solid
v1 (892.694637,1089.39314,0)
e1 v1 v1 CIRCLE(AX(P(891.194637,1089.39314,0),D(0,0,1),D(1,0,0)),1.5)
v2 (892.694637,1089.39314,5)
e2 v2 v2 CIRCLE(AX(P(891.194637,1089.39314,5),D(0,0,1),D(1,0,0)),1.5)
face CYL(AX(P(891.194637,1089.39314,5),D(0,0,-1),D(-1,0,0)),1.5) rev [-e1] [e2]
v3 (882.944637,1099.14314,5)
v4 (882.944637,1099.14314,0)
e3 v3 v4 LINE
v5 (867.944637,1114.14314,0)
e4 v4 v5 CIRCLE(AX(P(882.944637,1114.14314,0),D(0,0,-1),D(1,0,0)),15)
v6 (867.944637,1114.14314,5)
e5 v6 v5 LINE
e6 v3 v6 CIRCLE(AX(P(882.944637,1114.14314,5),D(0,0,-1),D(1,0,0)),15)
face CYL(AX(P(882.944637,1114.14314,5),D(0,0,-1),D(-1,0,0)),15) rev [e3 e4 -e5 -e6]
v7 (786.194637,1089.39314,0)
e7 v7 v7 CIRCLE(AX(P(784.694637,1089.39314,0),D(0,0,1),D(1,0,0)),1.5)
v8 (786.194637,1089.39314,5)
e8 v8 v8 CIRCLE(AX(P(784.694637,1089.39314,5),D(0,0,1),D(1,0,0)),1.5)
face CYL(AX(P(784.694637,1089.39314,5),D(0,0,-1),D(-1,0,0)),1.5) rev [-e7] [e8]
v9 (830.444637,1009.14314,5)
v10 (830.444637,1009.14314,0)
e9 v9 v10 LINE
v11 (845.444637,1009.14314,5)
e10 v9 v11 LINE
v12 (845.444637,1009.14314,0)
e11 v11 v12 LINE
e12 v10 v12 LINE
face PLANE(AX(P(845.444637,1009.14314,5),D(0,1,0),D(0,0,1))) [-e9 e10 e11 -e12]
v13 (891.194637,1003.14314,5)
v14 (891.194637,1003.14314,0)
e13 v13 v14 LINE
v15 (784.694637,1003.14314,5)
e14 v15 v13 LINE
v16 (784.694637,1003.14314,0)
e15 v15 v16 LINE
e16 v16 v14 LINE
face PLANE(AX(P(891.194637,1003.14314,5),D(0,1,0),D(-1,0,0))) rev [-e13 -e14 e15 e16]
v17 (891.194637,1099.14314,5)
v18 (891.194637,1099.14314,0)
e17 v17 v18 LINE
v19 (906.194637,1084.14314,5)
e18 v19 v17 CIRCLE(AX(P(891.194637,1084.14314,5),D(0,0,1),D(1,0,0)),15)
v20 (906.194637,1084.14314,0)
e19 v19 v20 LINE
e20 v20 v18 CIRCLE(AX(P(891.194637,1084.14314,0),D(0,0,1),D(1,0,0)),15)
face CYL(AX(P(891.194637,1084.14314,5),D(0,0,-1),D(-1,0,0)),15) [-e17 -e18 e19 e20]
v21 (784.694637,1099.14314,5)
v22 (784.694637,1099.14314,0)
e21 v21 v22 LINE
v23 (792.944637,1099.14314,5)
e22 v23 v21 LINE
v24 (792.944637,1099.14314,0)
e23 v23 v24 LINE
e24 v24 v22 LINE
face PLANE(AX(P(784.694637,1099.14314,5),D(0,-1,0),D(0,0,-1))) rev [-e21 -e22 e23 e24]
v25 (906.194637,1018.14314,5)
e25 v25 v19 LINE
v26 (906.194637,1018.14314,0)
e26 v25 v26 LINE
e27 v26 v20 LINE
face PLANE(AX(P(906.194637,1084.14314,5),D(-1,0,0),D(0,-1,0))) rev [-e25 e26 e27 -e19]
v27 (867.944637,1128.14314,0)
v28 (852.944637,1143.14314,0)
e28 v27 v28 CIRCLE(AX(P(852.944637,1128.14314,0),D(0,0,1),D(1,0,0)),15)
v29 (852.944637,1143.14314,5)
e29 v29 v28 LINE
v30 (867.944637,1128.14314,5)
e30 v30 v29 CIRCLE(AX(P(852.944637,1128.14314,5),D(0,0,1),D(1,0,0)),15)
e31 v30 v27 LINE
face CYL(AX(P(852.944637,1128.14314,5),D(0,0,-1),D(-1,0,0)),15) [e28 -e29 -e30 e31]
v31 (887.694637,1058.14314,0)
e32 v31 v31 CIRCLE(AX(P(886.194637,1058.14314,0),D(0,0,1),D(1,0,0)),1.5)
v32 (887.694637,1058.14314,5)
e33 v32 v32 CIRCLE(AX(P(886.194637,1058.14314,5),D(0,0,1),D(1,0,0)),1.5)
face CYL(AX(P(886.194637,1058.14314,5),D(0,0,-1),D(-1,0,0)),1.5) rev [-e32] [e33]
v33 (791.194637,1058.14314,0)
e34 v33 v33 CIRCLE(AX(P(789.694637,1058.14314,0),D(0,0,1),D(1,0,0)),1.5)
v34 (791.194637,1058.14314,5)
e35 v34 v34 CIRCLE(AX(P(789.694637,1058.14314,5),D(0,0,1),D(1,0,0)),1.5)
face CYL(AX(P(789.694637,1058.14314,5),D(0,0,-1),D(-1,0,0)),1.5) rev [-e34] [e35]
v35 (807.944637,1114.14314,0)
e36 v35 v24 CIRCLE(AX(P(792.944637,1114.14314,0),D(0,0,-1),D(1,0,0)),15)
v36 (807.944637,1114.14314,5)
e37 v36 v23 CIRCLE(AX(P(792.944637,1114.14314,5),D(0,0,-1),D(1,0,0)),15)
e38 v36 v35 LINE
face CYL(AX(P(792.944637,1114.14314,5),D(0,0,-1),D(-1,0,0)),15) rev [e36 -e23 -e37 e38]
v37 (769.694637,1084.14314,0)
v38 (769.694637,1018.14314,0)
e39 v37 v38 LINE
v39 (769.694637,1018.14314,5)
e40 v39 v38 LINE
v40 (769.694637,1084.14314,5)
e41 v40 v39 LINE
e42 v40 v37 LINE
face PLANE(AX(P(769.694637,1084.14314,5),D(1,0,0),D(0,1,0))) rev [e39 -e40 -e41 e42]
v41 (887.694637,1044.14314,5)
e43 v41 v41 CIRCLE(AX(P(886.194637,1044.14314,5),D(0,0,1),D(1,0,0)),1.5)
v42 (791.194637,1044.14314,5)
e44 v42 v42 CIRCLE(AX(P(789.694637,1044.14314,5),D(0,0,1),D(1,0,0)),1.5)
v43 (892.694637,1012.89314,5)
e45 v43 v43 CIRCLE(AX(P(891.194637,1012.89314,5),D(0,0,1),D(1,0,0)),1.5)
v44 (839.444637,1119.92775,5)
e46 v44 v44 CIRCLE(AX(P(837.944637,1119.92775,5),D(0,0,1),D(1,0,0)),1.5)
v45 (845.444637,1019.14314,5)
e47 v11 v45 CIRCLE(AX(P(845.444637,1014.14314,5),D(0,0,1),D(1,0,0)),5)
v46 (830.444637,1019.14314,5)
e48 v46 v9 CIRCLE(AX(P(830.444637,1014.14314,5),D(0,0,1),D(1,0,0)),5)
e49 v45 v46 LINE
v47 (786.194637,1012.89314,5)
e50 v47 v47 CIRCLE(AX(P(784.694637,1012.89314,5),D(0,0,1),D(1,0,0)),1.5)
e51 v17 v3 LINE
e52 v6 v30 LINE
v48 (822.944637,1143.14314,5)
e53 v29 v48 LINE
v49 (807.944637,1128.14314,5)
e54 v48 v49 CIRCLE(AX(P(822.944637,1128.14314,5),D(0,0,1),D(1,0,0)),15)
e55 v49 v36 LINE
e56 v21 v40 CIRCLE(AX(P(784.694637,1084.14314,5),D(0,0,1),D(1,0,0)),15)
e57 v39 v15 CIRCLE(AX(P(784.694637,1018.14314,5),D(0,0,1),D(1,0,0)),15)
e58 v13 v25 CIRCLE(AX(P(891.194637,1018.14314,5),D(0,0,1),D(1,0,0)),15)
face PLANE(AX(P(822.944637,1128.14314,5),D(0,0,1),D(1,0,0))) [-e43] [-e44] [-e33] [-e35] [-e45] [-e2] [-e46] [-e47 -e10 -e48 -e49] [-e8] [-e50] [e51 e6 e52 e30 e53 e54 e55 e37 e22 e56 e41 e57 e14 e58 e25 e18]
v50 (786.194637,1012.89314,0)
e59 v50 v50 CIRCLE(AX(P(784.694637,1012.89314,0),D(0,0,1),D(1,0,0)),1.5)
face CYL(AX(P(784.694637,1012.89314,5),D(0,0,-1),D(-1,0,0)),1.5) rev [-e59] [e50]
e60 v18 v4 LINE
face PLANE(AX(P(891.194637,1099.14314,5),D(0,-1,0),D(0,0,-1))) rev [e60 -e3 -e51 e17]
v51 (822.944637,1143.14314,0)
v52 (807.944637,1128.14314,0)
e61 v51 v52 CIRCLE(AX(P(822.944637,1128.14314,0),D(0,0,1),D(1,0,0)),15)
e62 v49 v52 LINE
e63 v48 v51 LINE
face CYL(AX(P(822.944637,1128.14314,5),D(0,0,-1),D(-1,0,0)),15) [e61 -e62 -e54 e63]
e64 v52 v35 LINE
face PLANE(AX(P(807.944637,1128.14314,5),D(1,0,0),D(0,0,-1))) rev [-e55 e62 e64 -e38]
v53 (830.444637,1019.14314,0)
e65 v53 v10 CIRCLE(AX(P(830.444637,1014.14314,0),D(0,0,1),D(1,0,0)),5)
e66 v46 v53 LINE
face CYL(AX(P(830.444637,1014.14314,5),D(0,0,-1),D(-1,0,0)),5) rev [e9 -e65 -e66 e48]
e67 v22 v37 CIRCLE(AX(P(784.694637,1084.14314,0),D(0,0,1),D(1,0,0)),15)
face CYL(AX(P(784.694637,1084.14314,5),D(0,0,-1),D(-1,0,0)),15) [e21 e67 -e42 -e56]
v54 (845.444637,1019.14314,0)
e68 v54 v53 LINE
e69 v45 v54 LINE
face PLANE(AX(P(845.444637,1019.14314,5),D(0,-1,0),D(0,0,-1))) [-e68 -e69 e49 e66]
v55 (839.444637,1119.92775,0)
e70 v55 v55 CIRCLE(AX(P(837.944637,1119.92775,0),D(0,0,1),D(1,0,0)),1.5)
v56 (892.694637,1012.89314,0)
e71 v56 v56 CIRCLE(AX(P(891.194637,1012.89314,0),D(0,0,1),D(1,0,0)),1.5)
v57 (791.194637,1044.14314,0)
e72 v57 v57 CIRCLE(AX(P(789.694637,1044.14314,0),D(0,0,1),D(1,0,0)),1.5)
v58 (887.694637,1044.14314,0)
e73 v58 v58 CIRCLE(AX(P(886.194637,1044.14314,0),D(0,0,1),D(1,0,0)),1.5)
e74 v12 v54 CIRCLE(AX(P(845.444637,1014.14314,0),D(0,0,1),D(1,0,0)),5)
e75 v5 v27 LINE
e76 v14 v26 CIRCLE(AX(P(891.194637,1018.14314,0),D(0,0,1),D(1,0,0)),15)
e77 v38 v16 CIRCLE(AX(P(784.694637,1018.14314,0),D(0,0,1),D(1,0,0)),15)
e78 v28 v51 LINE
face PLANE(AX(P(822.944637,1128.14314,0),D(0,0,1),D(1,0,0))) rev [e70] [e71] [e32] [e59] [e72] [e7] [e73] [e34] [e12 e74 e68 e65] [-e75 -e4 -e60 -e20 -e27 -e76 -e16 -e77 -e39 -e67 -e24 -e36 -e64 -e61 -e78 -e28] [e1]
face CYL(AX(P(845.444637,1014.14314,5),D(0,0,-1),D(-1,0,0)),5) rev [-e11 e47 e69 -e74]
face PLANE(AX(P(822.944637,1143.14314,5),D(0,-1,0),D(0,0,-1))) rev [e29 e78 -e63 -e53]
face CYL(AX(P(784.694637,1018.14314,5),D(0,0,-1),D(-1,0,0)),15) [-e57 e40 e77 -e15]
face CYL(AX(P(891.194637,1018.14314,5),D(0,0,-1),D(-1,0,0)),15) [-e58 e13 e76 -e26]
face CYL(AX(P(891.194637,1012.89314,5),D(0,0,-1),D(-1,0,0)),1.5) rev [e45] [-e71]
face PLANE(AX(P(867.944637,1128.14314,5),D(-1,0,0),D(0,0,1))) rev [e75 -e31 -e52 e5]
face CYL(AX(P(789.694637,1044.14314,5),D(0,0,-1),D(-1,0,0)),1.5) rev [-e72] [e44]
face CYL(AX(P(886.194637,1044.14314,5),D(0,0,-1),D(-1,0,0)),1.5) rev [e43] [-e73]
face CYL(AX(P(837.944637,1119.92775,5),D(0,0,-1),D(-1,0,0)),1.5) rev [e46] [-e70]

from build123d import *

# Parameters (mm, degrees)
SKETCH2_R           = 1.5
BOSS_EXTRUDE1_DEPTH = 5


with BuildPart() as part:
    # Sketch2 → Boss-Extrude1 (new body)
    with BuildSketch(Plane.XY):
        with BuildLine():
            Line((807.944636851, 1128.1431403), (807.944636851, 1114.1431403))
            ThreePointArc((807.944636851, 1114.1431403), (803.551238569, 1103.536538582), (792.944636851, 1099.1431403))
            Line((792.944636851, 1099.1431403), (784.694636851, 1099.1431403))
            ThreePointArc((784.694636851, 1099.1431403), (774.088035133, 1094.749742018), (769.694636851, 1084.1431403))
            Line((769.694636851, 1084.1431403), (769.694636851, 1018.1431403))
            ThreePointArc((769.694636851, 1018.1431403), (774.088035133, 1007.536538582), (784.694636851, 1003.1431403))
            Line((784.694636851, 1003.1431403), (891.194636851, 1003.1431403))
            ThreePointArc((891.194636851, 1003.1431403), (901.801238569, 1007.536538582), (906.194636851, 1018.1431403))
            Line((906.194636851, 1018.1431403), (906.194636851, 1084.1431403))
            ThreePointArc((906.194636851, 1084.1431403), (901.801238569, 1094.749742018), (891.194636851, 1099.1431403))
            Line((891.194636851, 1099.1431403), (882.944636851, 1099.1431403))
            ThreePointArc((882.944636851, 1099.1431403), (872.338035133, 1103.536538582), (867.944636851, 1114.1431403))
            Line((867.944636851, 1114.1431403), (867.944636851, 1128.1431403))
            ThreePointArc((867.944636851, 1128.1431403), (863.551238569, 1138.749742018), (852.944636851, 1143.1431403))
            Line((852.944636851, 1143.1431403), (822.944636851, 1143.1431403))
            ThreePointArc((822.944636851, 1143.1431403), (812.338035133, 1138.749742018), (807.944636851, 1128.1431403))
        make_face()
        with Locations((837.944636851, 1119.927749991)):
            Circle(SKETCH2_R, mode=Mode.SUBTRACT)
        with Locations((784.694636851, 1012.8931403)):
            Circle(SKETCH2_R, mode=Mode.SUBTRACT)
        with Locations((886.194636851, 1044.1431403)):
            Circle(SKETCH2_R, mode=Mode.SUBTRACT)
        with Locations((886.194636851, 1058.1431403)):
            Circle(SKETCH2_R, mode=Mode.SUBTRACT)
        with Locations((789.694636851, 1044.1431403)):
            Circle(SKETCH2_R, mode=Mode.SUBTRACT)
        with Locations((789.694636851, 1058.1431403)):
            Circle(SKETCH2_R, mode=Mode.SUBTRACT)
        with Locations((784.694636851, 1089.3931403)):
            Circle(SKETCH2_R, mode=Mode.SUBTRACT)
        with Locations((891.194636851, 1089.3931403)):
            Circle(SKETCH2_R, mode=Mode.SUBTRACT)
        with Locations((891.194636851, 1012.8931403)):
            Circle(SKETCH2_R, mode=Mode.SUBTRACT)
        with BuildLine():
            Line((845.444636851, 1009.1431403), (830.444636851, 1009.1431403))
            ThreePointArc((830.444636851, 1009.1431403), (825.444636851, 1014.1431403), (830.444636851, 1019.1431403))
            Line((830.444636851, 1019.1431403), (845.444636851, 1019.1431403))
            ThreePointArc((845.444636851, 1019.1431403), (850.444636851, 1014.1431403), (845.444636851, 1009.1431403))
        make_face(mode=Mode.SUBTRACT)
    extrude(amount=BOSS_EXTRUDE1_DEPTH)


solid = part.part
